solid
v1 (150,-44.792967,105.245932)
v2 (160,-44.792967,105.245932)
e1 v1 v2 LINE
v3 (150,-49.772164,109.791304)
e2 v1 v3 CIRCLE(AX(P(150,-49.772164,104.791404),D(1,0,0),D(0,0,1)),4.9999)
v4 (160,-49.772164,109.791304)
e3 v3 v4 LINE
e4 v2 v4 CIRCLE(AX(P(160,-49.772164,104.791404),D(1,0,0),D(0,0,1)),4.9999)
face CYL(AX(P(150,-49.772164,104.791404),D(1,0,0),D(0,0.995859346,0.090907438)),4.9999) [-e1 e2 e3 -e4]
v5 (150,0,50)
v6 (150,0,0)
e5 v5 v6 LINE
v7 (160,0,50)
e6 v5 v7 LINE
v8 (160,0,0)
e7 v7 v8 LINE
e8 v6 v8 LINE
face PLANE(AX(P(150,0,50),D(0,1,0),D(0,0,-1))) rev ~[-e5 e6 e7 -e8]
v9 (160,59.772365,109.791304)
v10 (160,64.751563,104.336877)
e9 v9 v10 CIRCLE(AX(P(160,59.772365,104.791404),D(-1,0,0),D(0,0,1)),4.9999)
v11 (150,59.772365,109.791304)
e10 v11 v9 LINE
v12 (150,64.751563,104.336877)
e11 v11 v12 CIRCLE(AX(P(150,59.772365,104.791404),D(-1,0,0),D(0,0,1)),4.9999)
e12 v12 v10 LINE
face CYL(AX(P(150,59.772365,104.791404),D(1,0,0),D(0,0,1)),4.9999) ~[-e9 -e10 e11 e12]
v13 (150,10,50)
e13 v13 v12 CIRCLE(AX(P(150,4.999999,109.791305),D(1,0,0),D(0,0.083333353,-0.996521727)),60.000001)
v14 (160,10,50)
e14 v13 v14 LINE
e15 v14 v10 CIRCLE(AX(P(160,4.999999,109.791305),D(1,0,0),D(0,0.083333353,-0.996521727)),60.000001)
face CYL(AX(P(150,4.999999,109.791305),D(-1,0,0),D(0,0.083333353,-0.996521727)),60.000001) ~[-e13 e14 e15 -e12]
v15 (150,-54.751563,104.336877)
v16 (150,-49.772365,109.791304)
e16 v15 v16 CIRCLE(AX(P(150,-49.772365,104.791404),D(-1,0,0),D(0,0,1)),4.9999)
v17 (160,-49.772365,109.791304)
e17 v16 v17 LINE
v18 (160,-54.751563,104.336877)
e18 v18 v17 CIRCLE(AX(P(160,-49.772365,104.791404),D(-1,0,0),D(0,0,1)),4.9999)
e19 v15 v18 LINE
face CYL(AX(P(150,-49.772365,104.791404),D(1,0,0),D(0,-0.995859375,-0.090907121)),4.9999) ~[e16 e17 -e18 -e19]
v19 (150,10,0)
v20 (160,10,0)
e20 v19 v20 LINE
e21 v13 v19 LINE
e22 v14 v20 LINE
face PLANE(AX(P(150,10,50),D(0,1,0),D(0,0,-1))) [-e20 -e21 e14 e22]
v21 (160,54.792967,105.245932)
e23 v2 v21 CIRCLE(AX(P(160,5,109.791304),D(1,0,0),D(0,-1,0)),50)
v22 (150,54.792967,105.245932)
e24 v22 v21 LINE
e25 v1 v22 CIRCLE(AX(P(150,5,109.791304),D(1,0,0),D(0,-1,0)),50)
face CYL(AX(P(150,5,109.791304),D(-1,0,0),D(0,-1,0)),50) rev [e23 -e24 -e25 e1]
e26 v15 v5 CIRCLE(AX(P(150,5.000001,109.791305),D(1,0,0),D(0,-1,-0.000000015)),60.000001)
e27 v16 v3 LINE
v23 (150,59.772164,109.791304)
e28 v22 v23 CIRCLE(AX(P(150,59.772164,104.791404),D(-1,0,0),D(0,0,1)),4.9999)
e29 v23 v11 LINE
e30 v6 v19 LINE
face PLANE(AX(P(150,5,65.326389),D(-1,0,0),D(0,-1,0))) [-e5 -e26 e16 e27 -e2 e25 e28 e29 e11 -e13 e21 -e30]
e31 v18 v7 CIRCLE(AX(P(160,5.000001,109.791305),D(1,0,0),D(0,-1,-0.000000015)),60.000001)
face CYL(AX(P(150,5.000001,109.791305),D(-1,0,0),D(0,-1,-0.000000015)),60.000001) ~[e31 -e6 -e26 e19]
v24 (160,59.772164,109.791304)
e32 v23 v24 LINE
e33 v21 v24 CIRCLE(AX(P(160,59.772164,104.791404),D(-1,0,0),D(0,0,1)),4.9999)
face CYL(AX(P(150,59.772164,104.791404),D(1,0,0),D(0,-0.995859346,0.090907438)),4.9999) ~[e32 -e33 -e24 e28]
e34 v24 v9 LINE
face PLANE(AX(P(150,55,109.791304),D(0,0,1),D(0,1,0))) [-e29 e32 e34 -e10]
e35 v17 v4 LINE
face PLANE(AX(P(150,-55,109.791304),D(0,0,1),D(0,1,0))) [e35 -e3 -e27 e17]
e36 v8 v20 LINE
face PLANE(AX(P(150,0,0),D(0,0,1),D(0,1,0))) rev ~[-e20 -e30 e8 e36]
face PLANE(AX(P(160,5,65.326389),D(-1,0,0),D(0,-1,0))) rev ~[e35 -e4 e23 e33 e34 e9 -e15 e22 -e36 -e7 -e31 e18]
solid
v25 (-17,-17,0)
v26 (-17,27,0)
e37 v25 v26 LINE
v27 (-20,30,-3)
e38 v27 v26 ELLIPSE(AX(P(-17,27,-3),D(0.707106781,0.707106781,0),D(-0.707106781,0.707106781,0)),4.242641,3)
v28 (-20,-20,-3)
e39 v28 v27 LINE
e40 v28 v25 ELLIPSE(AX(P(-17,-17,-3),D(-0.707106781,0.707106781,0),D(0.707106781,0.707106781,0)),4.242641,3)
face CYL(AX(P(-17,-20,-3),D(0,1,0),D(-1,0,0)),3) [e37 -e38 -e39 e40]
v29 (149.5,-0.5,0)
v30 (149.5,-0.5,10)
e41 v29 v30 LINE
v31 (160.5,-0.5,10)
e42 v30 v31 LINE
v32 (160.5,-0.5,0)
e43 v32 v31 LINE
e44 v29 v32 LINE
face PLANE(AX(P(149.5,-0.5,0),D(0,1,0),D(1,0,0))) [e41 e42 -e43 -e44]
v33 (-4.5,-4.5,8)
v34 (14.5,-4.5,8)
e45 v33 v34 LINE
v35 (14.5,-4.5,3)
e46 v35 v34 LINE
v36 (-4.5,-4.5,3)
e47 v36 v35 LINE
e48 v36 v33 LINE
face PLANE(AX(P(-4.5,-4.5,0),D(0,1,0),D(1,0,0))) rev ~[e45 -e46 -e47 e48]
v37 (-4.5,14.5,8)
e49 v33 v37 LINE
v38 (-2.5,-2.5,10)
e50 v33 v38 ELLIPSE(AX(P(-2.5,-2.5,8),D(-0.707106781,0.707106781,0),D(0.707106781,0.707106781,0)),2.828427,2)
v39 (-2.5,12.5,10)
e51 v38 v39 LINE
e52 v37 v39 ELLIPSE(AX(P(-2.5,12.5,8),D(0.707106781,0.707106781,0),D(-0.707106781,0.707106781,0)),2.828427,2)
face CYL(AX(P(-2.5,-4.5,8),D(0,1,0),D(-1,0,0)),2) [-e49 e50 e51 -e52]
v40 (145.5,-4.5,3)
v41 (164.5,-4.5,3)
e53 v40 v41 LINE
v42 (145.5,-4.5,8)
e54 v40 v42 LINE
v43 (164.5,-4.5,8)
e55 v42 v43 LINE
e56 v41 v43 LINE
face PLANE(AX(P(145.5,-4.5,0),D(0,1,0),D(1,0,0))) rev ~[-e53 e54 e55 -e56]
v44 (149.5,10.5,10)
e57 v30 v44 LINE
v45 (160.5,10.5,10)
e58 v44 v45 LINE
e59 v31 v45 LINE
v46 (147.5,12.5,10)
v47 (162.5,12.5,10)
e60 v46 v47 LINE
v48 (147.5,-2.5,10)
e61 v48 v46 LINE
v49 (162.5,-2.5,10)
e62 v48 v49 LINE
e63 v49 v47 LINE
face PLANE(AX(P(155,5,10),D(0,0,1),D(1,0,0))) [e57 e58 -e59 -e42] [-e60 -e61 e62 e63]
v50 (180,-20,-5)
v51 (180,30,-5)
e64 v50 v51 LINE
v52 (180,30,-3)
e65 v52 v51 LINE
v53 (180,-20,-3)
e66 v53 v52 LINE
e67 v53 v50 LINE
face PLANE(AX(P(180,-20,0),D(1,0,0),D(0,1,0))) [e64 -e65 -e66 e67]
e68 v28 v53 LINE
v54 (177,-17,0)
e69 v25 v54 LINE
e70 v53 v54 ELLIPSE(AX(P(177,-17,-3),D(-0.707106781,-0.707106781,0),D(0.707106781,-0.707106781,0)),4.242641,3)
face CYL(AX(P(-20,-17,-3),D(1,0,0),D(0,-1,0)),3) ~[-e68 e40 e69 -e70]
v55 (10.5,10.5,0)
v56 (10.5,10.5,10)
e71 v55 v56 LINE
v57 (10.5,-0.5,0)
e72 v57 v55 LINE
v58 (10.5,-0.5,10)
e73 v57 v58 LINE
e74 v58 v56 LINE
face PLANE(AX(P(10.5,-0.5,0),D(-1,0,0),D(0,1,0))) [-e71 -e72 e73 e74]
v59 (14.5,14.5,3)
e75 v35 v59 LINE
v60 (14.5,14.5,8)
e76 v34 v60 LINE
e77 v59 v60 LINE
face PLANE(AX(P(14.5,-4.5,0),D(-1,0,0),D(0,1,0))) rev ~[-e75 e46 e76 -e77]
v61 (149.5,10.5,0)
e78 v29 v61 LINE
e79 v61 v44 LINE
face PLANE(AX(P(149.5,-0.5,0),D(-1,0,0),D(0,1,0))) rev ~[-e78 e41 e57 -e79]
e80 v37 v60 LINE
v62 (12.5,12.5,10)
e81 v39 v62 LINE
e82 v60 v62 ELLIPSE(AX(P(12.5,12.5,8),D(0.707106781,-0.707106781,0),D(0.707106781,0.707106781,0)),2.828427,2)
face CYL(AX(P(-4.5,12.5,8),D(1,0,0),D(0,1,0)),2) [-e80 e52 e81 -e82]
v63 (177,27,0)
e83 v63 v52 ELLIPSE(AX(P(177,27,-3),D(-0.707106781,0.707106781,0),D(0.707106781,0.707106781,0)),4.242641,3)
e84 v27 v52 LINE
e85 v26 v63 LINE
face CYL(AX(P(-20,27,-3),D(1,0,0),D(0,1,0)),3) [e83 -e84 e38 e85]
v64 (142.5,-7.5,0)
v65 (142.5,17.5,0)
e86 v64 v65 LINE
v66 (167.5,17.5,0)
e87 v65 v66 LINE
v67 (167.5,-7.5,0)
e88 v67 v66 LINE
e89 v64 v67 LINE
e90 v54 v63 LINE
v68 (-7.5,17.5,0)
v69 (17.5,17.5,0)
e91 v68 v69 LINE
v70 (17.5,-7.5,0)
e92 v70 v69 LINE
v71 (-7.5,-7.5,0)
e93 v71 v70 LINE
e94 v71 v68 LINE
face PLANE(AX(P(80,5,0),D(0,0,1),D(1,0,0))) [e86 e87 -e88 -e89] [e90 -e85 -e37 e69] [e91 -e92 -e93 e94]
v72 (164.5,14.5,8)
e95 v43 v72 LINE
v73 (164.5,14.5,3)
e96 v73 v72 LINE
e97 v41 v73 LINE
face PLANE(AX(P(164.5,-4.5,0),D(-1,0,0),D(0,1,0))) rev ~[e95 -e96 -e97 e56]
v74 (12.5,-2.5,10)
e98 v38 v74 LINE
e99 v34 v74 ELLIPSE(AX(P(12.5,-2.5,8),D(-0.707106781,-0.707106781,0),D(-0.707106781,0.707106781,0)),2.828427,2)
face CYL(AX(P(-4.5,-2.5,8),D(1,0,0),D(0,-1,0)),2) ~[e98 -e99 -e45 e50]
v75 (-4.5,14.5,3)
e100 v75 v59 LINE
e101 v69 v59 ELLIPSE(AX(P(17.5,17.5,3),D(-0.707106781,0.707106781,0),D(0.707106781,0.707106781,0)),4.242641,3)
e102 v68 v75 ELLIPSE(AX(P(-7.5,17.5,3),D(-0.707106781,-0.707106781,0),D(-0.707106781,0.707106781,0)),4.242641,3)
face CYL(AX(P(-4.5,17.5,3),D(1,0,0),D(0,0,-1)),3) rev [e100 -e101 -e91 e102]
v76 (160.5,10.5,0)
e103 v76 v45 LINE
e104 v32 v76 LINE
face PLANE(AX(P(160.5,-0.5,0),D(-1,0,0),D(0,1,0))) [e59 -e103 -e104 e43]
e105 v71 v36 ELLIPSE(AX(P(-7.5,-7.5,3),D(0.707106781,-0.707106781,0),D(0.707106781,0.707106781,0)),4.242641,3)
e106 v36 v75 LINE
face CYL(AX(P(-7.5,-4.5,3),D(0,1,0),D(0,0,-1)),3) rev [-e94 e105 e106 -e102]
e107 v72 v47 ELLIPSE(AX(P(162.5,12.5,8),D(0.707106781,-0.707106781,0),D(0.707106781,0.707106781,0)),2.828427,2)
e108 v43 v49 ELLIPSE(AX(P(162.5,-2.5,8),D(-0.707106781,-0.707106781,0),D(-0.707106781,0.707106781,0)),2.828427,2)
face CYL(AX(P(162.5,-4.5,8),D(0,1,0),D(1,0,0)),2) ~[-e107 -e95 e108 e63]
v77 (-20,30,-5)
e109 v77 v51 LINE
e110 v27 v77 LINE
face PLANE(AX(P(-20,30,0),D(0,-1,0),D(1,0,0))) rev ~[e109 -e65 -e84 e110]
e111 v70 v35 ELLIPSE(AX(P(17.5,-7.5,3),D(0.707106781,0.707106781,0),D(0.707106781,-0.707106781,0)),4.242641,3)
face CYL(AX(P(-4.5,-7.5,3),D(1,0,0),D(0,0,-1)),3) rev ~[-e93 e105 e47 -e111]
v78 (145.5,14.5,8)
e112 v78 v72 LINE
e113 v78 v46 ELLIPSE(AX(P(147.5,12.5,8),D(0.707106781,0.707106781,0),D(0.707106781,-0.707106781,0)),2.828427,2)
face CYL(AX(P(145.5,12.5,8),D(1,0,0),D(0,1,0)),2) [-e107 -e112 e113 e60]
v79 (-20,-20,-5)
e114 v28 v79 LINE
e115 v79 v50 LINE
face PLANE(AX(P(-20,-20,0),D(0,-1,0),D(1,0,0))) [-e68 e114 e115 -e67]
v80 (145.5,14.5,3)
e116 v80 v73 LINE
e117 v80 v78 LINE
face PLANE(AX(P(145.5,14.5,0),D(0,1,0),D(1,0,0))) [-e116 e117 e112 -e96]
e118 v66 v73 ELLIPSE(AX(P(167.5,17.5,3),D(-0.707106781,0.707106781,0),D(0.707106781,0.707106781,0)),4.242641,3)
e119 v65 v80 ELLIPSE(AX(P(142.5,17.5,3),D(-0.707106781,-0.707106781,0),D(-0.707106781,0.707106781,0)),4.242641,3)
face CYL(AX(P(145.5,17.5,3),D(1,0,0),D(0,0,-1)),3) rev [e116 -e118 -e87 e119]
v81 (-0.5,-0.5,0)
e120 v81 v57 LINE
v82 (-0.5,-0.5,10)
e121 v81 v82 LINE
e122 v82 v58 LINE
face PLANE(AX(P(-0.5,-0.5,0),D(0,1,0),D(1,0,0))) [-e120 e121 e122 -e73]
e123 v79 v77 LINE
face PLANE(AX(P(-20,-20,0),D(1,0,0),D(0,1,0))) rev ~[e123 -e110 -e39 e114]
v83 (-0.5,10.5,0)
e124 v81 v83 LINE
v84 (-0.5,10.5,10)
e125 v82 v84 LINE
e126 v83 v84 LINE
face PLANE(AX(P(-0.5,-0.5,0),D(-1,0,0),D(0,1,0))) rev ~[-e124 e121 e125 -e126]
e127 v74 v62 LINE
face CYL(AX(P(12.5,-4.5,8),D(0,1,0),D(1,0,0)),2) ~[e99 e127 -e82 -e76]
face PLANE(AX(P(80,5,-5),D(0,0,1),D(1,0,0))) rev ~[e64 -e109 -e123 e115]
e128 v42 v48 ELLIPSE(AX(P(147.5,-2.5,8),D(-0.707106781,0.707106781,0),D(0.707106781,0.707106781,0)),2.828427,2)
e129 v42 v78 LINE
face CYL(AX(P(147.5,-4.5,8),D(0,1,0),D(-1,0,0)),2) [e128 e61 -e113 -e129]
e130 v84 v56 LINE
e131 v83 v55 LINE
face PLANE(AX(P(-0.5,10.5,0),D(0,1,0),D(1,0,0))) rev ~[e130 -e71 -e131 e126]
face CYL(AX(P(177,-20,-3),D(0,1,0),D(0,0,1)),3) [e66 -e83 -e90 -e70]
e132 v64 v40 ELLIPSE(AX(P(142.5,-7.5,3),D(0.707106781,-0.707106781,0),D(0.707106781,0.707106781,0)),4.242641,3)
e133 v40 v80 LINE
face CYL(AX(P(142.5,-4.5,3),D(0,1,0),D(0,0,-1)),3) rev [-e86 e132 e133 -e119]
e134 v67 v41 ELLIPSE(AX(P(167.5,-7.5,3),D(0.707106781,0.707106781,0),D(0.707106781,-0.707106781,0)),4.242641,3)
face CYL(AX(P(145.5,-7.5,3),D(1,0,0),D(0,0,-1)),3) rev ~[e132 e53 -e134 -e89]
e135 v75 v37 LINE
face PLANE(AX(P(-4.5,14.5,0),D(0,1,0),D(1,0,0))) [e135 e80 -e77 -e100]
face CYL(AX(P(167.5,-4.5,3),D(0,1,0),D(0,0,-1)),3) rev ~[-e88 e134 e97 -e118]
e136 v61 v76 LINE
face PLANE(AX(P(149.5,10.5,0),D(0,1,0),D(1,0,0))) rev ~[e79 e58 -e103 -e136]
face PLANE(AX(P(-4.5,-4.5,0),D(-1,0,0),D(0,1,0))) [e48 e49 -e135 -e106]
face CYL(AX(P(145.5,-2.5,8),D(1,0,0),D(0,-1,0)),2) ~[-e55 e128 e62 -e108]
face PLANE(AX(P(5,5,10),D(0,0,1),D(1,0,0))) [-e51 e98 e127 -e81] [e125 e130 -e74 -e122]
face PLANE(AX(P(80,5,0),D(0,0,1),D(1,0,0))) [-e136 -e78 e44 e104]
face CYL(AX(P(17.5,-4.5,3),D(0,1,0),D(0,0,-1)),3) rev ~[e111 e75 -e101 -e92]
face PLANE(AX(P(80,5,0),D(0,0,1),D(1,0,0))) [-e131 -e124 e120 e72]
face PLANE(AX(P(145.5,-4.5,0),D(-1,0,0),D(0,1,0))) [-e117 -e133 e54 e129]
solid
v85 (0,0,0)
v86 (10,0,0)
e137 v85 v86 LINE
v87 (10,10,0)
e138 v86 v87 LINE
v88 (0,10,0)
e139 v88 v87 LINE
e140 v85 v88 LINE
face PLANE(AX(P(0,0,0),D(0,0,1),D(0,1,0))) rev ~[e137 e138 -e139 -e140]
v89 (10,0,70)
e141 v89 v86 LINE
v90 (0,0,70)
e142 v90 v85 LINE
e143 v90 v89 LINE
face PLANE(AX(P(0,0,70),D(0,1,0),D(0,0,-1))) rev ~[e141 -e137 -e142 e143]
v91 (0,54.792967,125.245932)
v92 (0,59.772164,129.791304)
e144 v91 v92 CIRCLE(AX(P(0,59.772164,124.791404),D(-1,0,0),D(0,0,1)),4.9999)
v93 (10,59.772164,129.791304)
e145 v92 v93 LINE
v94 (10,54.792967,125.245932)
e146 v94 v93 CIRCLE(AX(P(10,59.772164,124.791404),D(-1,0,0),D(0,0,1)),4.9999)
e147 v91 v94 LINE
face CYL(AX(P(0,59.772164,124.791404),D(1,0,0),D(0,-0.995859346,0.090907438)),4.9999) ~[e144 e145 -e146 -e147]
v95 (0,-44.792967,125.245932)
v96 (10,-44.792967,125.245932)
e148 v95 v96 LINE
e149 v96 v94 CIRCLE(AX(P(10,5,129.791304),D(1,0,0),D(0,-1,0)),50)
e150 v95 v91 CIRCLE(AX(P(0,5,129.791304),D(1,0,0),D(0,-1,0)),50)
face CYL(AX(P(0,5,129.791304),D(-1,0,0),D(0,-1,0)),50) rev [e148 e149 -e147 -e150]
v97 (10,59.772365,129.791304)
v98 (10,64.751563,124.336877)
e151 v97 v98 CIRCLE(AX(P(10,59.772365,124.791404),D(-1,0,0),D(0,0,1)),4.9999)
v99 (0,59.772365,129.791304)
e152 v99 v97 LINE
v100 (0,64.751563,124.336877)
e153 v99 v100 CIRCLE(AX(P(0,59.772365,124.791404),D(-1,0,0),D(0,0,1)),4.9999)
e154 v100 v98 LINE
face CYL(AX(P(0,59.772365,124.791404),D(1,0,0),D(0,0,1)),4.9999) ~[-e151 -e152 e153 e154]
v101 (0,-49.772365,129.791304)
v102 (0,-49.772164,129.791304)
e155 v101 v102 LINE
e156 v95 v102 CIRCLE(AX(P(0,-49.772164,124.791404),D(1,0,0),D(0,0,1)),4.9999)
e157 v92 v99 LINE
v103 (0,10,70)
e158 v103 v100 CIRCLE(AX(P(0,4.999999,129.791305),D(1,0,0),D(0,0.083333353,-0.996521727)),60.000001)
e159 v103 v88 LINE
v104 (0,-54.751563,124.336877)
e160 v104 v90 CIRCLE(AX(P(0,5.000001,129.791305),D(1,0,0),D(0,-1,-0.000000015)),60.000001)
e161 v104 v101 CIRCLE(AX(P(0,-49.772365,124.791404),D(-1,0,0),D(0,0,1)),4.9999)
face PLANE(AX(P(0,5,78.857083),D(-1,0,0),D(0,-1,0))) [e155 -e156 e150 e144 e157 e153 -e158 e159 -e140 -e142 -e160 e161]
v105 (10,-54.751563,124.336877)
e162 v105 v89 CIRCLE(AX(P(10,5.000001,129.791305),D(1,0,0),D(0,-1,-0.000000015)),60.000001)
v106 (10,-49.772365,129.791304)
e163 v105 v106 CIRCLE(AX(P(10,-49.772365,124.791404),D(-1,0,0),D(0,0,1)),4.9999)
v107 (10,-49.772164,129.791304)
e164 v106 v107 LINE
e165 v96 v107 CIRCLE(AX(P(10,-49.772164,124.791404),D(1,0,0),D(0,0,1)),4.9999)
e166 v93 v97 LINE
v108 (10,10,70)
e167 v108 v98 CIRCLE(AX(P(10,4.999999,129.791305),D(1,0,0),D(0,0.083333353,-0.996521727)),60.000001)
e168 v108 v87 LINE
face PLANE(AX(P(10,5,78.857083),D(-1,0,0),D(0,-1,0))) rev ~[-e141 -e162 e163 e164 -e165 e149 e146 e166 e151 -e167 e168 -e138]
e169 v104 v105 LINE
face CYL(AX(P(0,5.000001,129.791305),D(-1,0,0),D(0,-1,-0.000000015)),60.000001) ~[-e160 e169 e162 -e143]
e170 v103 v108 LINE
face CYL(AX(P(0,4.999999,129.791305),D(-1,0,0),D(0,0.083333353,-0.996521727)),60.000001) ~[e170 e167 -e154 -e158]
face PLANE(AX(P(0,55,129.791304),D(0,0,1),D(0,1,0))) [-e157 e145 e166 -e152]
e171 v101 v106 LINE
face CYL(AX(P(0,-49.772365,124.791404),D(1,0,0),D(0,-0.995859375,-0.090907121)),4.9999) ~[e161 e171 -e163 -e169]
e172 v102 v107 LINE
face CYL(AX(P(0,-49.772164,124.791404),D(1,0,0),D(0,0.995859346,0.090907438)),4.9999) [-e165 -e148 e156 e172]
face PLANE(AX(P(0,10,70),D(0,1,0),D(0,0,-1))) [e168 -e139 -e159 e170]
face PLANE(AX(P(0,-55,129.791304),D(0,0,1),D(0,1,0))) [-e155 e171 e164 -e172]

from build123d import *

# Parameters (mm, degrees)
PAD_DEPTH           = 10
FILLET_R            = 4.9999
SKETCH002_W         = 19
SKETCH002_H         = 19
SKETCH002_W_2       = 11
SKETCH002_H_2       = 11
PAD001_DEPTH        = 10
SKETCH001_W         = 200
SKETCH001_H         = 50
PAD002_DEPTH        = 5
LINEARPATTERN_COUNT = 2
LINEARPATTERN_PITCH = 150
FILLET001_R         = 3
FILLET002_R         = 2
PAD003_DEPTH        = 10
FILLET003_R         = 4.9999


with BuildPart() as stand_left:
    # Sketch → Pad (new body)
    with BuildSketch(Plane.YZ):
        with BuildLine():
            ThreePointArc((-45, 129.791304), (5, 79.791304), (55, 129.791304))
            Line((55, 129.791304), (65, 129.791304))
            ThreePointArc((10, 70), (49.158804, 89.171112), (65, 129.791304))
            Line((10, 70), (10, 0))
            Line((0, 0), (10, 0))
            Line((0, 70), (0, 0))
            ThreePointArc((-55, 129.791304), (-39.158804, 89.171112), (0, 70))
            Line((-55, 129.791304), (-45, 129.791304))
        make_face()
    extrude(amount=PAD_DEPTH)

    # Fillet
    fillet_edges = [stand_left.edges().sort_by_distance(p)[0] for p in [
        (5, 55, 129.791304),
        (5, 65, 129.791304),
        (5, -55, 129.791304),
        (5, -45, 129.791304),
    ]]
    fillet(fillet_edges, radius=FILLET_R)


with BuildPart() as base:
    # Sketch002 → Pad001 (new body)
    with BuildSketch(Plane.XY):
        with Locations((5, 5)):
            Rectangle(SKETCH002_W, SKETCH002_H)
        with Locations((5, 5)):
            Rectangle(SKETCH002_W_2, SKETCH002_H_2, mode=Mode.SUBTRACT)
    pad001 = extrude(amount=PAD001_DEPTH)

    # Sketch001 → Pad002 (join)
    with BuildSketch(Plane.XY):
        with Locations((80, 5)):
            Rectangle(SKETCH001_W, SKETCH001_H)
    extrude(amount=-PAD002_DEPTH)

    # LinearPattern: Pad001 ×2
    with Locations(*[(i * LINEARPATTERN_PITCH, 0, 0) for i in range(1, LINEARPATTERN_COUNT)]):
        add(pad001)

    # Fillet001
    fillet001_edges = [base.edges().sort_by_distance(p)[0] for p in [
        (80, -20, 0),
        (-20, 5, 0),
        (180, 5, 0),
        (80, 30, 0),
        (-4.5, 5, 0),
        (5, -4.5, 0),
        (5, 14.5, 0),
        (14.5, 5, 0),
        (145.5, 5, 0),
        (155, -4.5, 0),
        (164.5, 5, 0),
        (155, 14.5, 0),
    ]]
    fillet(fillet001_edges, radius=FILLET001_R)

    # Fillet002
    fillet002_edges = [base.edges().sort_by_distance(p)[0] for p in [
        (-4.5, 5, 10),
        (5, 14.5, 10),
        (14.5, 5, 10),
        (5, -4.5, 10),
        (155, 14.5, 10),
        (164.5, 5, 10),
        (155, -4.5, 10),
        (145.5, 5, 10),
    ]]
    fillet(fillet002_edges, radius=FILLET002_R)


with BuildPart() as stand_right:
    # Sketch003 → Pad003 (new body)
    with BuildSketch(Plane.YZ.offset(150)):
        with BuildLine():
            ThreePointArc((-45, 109.791304), (5, 59.791304), (55, 109.791304))
            Line((55, 109.791304), (65, 109.791304))
            ThreePointArc((10, 50), (49.158804, 69.171112), (65, 109.791304))
            Line((10, 50), (10, 0))
            Line((0, 0), (10, 0))
            Line((0, 50), (0, 0))
            ThreePointArc((-55, 109.791304), (-39.158804, 69.171112), (0, 50))
            Line((-55, 109.791304), (-45, 109.791304))
        make_face()
    extrude(amount=PAD003_DEPTH)

    # Fillet003
    fillet003_edges = [stand_right.edges().sort_by_distance(p)[0] for p in [
        (155, 55, 109.791304),
        (155, 65, 109.791304),
        (155, -55, 109.791304),
        (155, -45, 109.791304),
    ]]
    fillet(fillet003_edges, radius=FILLET003_R)


solid = Compound([stand_left.part, base.part, stand_right.part])
